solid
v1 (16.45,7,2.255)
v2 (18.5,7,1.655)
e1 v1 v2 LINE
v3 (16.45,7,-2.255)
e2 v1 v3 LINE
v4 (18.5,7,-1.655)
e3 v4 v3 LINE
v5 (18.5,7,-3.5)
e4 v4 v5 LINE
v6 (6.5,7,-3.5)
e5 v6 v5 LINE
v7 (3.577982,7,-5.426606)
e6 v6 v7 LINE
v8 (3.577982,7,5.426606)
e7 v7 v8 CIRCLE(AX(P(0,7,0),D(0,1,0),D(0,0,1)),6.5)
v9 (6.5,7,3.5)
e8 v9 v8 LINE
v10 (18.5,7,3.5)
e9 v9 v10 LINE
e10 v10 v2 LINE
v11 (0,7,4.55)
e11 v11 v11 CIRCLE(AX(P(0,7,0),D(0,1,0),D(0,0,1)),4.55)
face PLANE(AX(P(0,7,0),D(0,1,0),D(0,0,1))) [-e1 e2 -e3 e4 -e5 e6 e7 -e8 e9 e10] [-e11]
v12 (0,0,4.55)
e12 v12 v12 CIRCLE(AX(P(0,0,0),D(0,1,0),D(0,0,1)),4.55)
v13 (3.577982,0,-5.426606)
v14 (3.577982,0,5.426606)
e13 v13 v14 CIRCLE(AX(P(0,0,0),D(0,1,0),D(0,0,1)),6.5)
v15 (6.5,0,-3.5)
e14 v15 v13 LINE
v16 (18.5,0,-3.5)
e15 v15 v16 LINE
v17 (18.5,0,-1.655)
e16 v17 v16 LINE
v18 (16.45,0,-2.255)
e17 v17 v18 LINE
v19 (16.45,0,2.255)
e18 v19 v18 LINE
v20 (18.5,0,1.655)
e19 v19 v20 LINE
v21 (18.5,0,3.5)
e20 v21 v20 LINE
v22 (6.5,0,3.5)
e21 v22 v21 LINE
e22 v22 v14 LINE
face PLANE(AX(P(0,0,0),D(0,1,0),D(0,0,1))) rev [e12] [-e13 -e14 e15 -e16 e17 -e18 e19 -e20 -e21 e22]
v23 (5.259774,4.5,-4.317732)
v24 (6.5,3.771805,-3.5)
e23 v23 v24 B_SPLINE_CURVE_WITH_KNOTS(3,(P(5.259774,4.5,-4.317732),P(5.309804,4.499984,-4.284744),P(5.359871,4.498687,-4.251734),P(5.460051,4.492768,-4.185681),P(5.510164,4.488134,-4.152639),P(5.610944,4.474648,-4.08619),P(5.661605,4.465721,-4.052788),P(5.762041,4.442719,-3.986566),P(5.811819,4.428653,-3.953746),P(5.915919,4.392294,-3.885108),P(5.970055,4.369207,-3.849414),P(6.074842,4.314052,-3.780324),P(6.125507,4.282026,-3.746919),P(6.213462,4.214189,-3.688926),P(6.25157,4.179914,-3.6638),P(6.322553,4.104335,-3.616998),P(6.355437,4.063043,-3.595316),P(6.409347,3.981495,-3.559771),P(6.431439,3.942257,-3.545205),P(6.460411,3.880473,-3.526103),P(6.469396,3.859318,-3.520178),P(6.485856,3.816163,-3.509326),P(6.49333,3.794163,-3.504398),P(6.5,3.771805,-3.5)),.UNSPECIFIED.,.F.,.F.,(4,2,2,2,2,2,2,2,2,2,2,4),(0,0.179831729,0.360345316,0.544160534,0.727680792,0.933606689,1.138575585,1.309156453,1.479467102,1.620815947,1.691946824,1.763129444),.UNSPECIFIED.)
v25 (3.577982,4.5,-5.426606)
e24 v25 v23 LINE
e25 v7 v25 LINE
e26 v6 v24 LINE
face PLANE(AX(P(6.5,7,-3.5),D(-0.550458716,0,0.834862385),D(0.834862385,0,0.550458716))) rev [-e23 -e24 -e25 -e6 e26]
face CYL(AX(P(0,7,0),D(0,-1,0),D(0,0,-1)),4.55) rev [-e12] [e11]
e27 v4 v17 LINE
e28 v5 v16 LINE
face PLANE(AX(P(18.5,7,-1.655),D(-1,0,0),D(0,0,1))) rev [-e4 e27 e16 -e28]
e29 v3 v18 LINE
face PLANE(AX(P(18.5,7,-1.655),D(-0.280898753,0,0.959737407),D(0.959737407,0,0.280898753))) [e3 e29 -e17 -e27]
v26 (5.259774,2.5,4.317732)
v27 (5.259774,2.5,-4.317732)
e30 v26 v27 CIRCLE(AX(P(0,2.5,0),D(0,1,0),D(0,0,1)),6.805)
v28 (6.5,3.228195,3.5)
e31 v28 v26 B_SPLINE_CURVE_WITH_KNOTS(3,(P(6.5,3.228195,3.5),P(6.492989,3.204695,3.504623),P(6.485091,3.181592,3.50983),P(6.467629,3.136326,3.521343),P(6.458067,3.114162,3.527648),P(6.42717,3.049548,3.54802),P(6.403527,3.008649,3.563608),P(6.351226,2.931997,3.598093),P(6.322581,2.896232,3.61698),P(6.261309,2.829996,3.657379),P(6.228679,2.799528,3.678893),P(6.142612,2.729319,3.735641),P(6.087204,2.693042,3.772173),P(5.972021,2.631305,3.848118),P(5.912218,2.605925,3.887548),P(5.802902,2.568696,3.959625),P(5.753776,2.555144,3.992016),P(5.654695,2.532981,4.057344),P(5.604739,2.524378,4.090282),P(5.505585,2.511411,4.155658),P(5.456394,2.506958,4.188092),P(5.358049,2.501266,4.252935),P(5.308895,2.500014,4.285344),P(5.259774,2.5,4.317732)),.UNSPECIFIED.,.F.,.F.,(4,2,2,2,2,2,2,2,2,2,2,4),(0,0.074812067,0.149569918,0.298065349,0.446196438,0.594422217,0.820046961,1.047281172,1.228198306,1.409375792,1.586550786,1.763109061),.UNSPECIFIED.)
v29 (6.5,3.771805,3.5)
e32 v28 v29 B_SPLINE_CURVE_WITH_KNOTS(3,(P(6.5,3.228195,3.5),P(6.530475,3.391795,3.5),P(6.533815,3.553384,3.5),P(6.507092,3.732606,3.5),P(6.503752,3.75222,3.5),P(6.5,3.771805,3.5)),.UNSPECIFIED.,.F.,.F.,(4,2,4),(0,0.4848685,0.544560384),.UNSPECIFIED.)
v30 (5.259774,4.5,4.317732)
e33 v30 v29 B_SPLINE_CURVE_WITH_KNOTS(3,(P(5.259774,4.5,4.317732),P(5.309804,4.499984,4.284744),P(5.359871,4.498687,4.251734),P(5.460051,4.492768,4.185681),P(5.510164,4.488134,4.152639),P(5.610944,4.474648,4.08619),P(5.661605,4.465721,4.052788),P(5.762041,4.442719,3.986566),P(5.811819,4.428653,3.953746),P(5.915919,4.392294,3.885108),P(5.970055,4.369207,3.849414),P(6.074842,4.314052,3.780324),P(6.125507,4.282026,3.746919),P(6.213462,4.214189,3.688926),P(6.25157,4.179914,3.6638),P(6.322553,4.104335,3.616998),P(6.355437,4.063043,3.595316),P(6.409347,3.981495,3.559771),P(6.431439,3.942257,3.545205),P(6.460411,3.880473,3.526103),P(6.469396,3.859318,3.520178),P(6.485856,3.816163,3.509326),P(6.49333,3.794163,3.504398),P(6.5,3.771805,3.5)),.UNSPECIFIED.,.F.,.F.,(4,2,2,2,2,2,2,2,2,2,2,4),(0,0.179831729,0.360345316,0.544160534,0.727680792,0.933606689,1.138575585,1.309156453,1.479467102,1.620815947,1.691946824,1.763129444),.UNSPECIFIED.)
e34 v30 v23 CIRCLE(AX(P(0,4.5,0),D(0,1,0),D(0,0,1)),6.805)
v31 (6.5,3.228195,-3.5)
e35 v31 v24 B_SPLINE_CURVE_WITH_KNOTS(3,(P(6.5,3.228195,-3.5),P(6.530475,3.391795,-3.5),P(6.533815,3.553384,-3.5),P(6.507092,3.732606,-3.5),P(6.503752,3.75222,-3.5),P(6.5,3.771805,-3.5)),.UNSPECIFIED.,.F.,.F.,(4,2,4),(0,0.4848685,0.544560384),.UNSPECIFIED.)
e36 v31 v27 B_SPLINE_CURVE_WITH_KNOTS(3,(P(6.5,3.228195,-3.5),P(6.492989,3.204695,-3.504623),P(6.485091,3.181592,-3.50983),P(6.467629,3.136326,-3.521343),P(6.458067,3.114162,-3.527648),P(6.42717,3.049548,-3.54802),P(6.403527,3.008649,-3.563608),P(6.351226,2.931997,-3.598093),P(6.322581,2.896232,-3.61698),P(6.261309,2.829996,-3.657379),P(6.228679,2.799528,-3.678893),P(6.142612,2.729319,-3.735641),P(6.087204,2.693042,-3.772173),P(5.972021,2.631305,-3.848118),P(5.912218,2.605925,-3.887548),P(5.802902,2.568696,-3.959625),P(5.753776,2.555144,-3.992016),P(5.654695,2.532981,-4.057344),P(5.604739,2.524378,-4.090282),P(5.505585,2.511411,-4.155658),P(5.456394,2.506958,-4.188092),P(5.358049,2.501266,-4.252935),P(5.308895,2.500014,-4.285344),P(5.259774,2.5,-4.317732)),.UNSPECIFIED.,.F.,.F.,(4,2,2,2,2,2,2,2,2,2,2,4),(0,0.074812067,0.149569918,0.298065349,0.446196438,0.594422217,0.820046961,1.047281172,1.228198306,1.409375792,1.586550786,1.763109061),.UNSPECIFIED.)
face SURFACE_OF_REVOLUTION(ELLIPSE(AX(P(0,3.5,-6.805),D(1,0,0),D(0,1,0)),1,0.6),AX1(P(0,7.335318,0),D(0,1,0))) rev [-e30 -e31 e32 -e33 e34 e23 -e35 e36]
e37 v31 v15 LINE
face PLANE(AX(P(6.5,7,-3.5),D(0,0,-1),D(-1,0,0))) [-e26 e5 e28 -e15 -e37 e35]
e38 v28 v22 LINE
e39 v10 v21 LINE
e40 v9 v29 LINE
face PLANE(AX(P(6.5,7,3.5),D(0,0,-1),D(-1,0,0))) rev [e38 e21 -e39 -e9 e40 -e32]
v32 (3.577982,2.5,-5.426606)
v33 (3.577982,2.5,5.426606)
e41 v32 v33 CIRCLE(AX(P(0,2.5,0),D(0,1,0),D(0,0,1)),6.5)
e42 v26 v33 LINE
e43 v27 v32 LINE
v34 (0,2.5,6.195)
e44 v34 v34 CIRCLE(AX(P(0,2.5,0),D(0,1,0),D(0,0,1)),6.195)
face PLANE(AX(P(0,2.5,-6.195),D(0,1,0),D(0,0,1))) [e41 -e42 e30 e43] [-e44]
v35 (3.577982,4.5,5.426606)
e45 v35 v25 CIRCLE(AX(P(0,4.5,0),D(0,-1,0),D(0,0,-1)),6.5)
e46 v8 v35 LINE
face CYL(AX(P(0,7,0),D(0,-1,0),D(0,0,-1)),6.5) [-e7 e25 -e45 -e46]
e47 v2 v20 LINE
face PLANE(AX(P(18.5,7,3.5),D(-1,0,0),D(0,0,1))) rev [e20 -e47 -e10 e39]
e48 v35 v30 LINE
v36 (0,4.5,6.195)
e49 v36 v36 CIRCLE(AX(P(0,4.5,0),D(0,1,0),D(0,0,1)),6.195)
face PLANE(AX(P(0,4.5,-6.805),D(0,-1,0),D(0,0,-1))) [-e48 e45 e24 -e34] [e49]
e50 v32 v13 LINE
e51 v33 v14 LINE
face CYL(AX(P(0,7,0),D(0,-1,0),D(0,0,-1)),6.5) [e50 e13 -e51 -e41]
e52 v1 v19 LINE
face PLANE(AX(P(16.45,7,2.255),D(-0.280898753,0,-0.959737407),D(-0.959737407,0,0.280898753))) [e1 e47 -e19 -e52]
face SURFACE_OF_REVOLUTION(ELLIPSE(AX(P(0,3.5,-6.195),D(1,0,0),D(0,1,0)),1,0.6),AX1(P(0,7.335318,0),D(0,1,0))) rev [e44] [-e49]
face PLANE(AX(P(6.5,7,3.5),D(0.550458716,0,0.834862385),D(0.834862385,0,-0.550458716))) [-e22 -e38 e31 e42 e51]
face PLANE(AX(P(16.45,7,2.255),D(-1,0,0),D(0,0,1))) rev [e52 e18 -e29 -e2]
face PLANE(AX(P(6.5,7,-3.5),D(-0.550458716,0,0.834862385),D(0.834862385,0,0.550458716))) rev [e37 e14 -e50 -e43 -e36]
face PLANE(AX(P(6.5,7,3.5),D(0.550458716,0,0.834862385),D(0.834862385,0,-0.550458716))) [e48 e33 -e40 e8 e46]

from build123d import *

# Parameters (mm, degrees)
SKETCH1_R           = 4.55
BOSS_EXTRUDE2_DEPTH = 7


with BuildPart() as part:
    # Sketch1 → Boss-Extrude2 (new body)
    with BuildSketch(Plane(origin=(0, 0, 0), x_dir=(1, 0, 0), z_dir=(0, 1, 0))):
        with BuildLine():
            Line((6.5, 3.5), (3.577981651, 5.426605505))
            ThreePointArc((3.577981651, 5.426605505), (-6.5, 0), (3.577981651, -5.426605505))
            Line((3.577981651, -5.426605505), (6.5, -3.5))
            Line((6.5, -3.5), (18.5, -3.5))
            Line((18.5, -3.5), (18.5, -1.655))
            Line((18.5, -1.655), (16.45, -2.255))
            Line((16.45, -2.255), (16.45, 2.255))
            Line((16.45, 2.255), (18.5, 1.655))
            Line((18.5, 1.655), (18.5, 3.5))
            Line((18.5, 3.5), (6.5, 3.5))
        make_face()
        with Locations(Location((0, 0, 0), (0, 0, 270))):
            Circle(SKETCH1_R, mode=Mode.SUBTRACT)
    extrude(amount=BOSS_EXTRUDE2_DEPTH)

    # Sketch2 → Cut-Revolve1 (revolve, cut)
    with BuildSketch(Plane(origin=(0, 0, 0), x_dir=(0, -1, 0), z_dir=(1, 0, 0))):
        with BuildLine():
            Line((-4.5, 6.805), (-4.5, 6.195))
            add(Edge.make_bspline(
                [(-4.5, 6.195), (-4.5, 5.595), (-3.5, 5.595), (-2.5, 5.595), (-2.5, 6.195)],
                knots=[0, 0, 0, 1.570796327, 1.570796327, 3.141592654, 3.141592654, 3.141592654], degree=2, weights=[1, 0.707106781, 1, 0.707106781, 1]))
            Line((-2.5, 6.195), (-2.5, 6.805))
            add(Edge.make_bspline(
                [(-2.5, 6.805), (-2.499999858, 7.405000085), (-3.5, 7.405000085), (-4.500000142, 7.405000085), (-4.5, 6.805)],
                knots=[3.141592512, 3.141592512, 3.141592512, 4.71238898, 4.71238898, 6.283185449, 6.283185449, 6.283185449], degree=2, weights=[1, 0.707106731, 1, 0.707106731, 1]))
        make_face()
    revolve(axis=Axis((0, 7.335318457, 0), (0, -1, 0)), mode=Mode.SUBTRACT)


solid = part.part
